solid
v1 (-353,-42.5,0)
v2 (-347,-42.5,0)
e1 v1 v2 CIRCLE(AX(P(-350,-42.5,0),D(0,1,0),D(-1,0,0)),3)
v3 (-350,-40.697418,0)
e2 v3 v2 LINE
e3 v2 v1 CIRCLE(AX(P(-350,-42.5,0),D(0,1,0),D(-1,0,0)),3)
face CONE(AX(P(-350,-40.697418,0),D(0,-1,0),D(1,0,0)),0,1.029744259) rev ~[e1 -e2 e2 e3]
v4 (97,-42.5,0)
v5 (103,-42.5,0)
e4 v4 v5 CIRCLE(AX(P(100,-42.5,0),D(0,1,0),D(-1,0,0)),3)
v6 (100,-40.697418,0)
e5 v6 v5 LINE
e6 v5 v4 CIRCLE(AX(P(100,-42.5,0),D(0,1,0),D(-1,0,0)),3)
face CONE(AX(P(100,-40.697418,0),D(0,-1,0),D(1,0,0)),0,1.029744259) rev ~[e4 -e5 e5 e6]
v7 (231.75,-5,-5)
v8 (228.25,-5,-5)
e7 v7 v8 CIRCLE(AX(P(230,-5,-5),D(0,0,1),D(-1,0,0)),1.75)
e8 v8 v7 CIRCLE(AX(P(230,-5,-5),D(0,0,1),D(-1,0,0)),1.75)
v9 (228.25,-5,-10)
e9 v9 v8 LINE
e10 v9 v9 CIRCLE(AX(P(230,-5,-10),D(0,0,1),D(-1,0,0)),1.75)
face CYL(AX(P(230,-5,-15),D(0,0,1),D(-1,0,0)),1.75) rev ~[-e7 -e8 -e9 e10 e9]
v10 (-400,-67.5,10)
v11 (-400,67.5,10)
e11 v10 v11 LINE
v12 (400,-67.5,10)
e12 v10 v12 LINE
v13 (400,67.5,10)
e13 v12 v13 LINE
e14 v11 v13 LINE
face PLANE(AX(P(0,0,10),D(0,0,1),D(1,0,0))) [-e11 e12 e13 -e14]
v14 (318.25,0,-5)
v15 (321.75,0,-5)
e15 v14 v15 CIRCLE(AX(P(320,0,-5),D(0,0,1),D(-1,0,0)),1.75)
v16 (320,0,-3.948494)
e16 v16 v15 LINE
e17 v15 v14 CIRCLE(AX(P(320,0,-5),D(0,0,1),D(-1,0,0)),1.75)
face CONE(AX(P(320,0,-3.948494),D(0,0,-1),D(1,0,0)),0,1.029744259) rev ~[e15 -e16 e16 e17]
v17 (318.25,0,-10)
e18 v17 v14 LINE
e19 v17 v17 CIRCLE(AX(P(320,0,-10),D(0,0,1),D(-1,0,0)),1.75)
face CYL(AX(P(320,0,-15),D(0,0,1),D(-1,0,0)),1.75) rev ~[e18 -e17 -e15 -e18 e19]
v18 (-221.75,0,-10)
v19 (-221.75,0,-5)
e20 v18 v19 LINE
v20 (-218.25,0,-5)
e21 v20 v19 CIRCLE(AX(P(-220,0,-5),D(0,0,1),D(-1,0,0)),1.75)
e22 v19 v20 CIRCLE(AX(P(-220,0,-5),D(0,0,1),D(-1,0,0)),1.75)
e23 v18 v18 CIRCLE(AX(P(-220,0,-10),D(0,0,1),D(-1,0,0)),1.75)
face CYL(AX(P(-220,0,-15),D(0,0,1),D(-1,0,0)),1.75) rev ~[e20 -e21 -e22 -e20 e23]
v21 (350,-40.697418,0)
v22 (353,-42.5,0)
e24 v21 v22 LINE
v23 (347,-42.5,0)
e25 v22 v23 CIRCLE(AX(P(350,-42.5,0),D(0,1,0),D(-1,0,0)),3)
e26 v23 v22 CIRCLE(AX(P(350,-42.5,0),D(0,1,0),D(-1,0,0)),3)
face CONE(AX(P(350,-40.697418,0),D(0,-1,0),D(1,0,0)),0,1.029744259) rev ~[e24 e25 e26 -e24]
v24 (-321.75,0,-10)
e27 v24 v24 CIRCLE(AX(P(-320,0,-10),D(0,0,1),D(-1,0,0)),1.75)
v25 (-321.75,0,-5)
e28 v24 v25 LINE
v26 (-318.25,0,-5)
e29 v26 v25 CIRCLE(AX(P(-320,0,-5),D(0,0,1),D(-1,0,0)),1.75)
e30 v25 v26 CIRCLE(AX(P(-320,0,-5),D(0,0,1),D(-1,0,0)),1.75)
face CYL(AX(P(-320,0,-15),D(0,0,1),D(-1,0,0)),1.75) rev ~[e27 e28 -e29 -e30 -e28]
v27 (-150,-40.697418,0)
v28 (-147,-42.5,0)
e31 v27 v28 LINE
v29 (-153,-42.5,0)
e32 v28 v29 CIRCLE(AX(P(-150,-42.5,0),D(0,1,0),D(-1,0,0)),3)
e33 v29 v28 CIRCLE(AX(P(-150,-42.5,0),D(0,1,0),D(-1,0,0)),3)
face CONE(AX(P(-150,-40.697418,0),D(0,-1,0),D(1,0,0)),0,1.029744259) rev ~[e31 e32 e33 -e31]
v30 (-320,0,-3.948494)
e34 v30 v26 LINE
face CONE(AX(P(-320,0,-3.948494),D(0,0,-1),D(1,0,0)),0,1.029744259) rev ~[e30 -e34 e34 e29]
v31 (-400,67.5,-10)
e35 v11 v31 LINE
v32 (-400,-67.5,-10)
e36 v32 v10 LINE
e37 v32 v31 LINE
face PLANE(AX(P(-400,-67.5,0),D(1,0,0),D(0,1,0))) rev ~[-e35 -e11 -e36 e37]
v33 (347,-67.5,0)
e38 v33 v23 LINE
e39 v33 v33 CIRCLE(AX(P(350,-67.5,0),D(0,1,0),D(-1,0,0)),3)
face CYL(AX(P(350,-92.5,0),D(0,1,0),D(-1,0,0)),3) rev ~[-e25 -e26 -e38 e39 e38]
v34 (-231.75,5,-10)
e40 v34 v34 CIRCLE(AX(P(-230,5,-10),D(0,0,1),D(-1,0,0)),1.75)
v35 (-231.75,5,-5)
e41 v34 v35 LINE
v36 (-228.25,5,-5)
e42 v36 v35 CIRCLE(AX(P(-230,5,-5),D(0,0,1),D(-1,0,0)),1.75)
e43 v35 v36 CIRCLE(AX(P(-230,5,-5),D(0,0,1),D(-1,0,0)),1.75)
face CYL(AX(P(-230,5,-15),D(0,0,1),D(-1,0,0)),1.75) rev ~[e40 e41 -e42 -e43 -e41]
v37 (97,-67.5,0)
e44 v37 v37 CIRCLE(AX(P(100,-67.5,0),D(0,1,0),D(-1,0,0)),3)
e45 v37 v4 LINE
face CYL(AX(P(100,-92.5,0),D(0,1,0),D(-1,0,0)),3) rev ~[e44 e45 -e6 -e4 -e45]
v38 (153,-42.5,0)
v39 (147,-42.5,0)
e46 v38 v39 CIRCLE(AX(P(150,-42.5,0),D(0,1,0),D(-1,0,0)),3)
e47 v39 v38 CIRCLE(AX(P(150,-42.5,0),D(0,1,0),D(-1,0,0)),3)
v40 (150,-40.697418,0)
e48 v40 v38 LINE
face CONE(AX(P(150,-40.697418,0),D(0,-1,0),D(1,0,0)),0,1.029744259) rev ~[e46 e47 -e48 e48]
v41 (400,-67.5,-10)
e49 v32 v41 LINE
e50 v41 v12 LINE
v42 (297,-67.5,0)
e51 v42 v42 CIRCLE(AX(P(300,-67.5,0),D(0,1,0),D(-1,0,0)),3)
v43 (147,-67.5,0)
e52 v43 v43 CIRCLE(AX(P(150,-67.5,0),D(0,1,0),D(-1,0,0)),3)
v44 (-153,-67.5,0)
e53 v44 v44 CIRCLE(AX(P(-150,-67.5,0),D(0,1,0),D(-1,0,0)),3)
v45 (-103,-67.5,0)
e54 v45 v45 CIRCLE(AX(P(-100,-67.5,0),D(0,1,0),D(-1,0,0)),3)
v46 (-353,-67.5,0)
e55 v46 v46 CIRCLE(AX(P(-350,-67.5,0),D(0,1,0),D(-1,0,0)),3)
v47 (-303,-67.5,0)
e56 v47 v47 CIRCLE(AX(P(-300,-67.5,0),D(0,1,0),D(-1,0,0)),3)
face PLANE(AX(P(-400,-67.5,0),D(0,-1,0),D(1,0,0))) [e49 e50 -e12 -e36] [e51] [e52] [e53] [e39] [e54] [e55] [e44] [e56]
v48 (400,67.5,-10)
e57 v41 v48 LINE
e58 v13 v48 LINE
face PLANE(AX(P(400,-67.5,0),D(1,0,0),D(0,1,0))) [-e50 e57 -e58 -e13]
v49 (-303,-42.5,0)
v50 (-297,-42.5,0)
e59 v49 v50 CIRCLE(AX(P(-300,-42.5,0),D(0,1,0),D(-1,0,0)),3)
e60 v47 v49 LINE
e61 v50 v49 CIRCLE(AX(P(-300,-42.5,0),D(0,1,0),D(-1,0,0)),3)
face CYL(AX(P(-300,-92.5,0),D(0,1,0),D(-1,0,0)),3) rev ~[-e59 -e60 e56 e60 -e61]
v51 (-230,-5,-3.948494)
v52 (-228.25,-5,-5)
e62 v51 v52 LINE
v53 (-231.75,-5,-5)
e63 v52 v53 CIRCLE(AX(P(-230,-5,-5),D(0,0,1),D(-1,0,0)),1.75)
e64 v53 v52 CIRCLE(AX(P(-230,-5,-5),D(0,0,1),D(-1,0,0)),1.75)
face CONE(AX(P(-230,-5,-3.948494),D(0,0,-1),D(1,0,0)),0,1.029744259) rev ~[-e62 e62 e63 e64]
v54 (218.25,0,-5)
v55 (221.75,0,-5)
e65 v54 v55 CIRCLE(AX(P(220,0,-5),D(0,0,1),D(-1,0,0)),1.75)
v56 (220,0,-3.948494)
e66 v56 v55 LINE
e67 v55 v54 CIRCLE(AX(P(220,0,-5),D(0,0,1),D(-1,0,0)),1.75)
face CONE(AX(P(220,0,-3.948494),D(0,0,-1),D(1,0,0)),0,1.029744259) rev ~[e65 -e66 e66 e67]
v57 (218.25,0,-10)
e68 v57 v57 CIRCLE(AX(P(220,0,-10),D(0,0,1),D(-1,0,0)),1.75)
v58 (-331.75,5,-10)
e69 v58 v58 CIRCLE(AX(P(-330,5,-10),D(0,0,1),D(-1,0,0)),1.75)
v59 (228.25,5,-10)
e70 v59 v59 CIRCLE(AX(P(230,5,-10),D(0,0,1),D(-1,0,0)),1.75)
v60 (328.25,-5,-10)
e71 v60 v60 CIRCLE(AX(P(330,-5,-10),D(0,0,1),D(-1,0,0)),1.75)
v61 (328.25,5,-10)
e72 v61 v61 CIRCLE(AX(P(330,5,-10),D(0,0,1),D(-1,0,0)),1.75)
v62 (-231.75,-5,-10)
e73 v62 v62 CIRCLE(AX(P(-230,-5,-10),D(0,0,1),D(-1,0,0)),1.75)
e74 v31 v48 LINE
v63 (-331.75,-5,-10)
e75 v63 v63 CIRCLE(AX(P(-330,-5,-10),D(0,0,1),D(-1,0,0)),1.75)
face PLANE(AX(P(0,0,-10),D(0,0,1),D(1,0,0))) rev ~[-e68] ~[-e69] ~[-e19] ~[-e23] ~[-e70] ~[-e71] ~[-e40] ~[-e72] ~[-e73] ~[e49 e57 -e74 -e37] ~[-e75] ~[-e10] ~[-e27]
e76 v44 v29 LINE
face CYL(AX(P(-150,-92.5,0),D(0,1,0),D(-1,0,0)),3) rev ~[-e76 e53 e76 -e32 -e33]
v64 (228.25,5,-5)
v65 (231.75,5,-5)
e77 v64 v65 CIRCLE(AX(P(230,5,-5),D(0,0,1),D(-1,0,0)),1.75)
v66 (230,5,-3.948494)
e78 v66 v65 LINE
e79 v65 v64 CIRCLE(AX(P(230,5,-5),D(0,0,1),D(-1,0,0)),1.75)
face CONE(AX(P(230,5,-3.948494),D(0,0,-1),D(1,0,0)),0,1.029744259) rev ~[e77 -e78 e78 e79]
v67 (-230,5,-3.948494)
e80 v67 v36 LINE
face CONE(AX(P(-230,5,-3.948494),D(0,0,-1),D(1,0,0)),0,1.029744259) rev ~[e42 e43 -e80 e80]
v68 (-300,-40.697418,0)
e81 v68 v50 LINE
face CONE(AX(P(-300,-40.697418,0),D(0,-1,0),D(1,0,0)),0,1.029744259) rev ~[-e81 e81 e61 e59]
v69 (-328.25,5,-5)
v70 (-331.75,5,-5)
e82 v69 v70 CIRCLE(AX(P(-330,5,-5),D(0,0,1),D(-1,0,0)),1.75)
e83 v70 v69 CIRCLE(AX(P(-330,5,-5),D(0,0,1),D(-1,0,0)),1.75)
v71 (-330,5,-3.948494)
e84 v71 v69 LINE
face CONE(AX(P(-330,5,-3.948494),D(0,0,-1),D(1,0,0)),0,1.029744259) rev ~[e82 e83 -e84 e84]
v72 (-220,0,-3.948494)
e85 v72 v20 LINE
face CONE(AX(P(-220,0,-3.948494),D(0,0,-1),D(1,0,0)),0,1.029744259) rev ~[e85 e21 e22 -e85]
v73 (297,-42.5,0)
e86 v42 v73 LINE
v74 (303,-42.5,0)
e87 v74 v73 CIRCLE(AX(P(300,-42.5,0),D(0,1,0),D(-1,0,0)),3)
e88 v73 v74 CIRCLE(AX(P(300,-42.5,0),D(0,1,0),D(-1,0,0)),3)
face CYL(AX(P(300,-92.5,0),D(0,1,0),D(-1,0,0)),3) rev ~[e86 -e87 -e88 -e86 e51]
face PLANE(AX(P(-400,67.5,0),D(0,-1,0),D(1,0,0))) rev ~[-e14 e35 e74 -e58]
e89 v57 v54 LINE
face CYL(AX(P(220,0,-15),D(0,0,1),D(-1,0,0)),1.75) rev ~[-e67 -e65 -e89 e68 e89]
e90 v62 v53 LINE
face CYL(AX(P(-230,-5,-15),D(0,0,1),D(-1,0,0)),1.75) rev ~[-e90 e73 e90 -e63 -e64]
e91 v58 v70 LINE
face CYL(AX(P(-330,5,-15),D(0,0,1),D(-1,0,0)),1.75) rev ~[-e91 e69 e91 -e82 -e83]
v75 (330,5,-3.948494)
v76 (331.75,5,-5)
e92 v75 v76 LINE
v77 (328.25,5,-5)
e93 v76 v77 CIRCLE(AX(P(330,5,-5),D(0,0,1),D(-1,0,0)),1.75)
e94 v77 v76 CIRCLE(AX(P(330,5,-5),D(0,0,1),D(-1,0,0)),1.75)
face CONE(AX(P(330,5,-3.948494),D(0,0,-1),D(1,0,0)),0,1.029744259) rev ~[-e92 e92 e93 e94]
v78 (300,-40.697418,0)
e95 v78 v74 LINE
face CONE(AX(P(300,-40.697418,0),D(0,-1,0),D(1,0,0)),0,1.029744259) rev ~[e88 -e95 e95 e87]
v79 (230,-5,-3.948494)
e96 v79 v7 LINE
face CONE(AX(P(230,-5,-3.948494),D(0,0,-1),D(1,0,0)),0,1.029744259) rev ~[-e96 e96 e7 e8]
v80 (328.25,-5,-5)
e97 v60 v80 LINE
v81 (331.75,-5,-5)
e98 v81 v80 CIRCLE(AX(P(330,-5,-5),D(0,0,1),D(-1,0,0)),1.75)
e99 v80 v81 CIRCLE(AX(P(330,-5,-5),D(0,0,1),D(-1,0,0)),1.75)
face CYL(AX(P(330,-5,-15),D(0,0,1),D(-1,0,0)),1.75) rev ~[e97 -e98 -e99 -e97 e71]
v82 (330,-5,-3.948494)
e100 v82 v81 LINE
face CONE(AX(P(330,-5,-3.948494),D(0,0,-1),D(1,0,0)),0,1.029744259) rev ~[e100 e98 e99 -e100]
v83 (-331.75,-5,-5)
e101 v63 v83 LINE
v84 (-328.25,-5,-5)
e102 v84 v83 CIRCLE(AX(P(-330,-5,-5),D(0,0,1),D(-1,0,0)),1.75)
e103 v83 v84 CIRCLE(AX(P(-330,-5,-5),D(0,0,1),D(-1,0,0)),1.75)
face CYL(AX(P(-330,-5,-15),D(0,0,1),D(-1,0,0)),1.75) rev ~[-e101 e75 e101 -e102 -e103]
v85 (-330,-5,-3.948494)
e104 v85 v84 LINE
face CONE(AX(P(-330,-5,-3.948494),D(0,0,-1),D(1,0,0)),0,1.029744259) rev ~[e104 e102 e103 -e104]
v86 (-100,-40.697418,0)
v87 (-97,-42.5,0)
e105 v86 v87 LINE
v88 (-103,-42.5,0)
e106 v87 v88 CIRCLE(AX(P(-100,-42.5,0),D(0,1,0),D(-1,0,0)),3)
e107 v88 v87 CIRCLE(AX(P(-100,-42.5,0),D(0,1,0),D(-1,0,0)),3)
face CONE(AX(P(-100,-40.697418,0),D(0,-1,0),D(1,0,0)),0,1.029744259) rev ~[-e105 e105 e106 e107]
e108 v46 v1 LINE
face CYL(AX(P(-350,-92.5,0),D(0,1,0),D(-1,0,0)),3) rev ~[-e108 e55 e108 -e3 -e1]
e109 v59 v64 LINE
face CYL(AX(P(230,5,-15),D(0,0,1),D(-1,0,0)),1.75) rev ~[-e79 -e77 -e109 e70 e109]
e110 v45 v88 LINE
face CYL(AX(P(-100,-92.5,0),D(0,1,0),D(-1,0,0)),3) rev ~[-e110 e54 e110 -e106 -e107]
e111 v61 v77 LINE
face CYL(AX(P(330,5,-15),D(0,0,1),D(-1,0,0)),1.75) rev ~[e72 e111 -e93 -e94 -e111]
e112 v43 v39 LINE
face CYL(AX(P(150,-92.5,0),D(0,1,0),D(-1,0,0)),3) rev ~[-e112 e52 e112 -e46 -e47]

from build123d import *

# Parameters (mm, degrees)
F0_W     = 800
F0_H     = 135
F1_DEPTH = 10
F3_D     = 6
F3_DEPTH = 25
F3_TIP   = 1.8025818571
F5_D     = 3.5
F5_DEPTH = 5
F5_TIP   = 1.0515060833
F6_D     = 3.5
F6_DEPTH = 5
F6_TIP   = 1.0515060833


with BuildPart() as f1:
    # F0 (on Top) → F1 (new body, symmetric)
    with BuildSketch(Plane.XY):
        Rectangle(F0_W, F0_H)
    extrude(amount=F1_DEPTH, both=True)

    # F3
    with Locations(Plane.XZ.offset(67.5)):
        with Locations((-350, 0), (-300, 0), (-150, 0), (-100, 0), (100, 0), (150, 0), (300, 0), (350, 0)):
            Hole(F3_D / 2, depth=F3_DEPTH)
            with Locations((0, 0, -(F3_DEPTH + F3_TIP / 2))):  # 118° drill point
                Cone(0, F3_D / 2, F3_TIP, mode=Mode.SUBTRACT)

    # F5
    with Locations(Plane(origin=(0, 0, -10), x_dir=(1, 0, 0), z_dir=(0, 0, -1))):
        with Locations((-330, 5), (-330, -5), (-320, 0), (-230, 5), (-230, -5), (-220, 0)):
            Hole(F5_D / 2, depth=F5_DEPTH)
            with Locations((0, 0, -(F5_DEPTH + F5_TIP / 2))):  # 118° drill point
                Cone(0, F5_D / 2, F5_TIP, mode=Mode.SUBTRACT)

    # F6
    with Locations(Plane(origin=(0, 0, -10), x_dir=(1, 0, 0), z_dir=(0, 0, -1))):
        with Locations((220, 0), (230, -5), (230, 5), (320, 0), (330, 5), (330, -5)):
            Hole(F6_D / 2, depth=F6_DEPTH)
            with Locations((0, 0, -(F6_DEPTH + F6_TIP / 2))):  # 118° drill point
                Cone(0, F6_D / 2, F6_TIP, mode=Mode.SUBTRACT)


solid = f1.part
